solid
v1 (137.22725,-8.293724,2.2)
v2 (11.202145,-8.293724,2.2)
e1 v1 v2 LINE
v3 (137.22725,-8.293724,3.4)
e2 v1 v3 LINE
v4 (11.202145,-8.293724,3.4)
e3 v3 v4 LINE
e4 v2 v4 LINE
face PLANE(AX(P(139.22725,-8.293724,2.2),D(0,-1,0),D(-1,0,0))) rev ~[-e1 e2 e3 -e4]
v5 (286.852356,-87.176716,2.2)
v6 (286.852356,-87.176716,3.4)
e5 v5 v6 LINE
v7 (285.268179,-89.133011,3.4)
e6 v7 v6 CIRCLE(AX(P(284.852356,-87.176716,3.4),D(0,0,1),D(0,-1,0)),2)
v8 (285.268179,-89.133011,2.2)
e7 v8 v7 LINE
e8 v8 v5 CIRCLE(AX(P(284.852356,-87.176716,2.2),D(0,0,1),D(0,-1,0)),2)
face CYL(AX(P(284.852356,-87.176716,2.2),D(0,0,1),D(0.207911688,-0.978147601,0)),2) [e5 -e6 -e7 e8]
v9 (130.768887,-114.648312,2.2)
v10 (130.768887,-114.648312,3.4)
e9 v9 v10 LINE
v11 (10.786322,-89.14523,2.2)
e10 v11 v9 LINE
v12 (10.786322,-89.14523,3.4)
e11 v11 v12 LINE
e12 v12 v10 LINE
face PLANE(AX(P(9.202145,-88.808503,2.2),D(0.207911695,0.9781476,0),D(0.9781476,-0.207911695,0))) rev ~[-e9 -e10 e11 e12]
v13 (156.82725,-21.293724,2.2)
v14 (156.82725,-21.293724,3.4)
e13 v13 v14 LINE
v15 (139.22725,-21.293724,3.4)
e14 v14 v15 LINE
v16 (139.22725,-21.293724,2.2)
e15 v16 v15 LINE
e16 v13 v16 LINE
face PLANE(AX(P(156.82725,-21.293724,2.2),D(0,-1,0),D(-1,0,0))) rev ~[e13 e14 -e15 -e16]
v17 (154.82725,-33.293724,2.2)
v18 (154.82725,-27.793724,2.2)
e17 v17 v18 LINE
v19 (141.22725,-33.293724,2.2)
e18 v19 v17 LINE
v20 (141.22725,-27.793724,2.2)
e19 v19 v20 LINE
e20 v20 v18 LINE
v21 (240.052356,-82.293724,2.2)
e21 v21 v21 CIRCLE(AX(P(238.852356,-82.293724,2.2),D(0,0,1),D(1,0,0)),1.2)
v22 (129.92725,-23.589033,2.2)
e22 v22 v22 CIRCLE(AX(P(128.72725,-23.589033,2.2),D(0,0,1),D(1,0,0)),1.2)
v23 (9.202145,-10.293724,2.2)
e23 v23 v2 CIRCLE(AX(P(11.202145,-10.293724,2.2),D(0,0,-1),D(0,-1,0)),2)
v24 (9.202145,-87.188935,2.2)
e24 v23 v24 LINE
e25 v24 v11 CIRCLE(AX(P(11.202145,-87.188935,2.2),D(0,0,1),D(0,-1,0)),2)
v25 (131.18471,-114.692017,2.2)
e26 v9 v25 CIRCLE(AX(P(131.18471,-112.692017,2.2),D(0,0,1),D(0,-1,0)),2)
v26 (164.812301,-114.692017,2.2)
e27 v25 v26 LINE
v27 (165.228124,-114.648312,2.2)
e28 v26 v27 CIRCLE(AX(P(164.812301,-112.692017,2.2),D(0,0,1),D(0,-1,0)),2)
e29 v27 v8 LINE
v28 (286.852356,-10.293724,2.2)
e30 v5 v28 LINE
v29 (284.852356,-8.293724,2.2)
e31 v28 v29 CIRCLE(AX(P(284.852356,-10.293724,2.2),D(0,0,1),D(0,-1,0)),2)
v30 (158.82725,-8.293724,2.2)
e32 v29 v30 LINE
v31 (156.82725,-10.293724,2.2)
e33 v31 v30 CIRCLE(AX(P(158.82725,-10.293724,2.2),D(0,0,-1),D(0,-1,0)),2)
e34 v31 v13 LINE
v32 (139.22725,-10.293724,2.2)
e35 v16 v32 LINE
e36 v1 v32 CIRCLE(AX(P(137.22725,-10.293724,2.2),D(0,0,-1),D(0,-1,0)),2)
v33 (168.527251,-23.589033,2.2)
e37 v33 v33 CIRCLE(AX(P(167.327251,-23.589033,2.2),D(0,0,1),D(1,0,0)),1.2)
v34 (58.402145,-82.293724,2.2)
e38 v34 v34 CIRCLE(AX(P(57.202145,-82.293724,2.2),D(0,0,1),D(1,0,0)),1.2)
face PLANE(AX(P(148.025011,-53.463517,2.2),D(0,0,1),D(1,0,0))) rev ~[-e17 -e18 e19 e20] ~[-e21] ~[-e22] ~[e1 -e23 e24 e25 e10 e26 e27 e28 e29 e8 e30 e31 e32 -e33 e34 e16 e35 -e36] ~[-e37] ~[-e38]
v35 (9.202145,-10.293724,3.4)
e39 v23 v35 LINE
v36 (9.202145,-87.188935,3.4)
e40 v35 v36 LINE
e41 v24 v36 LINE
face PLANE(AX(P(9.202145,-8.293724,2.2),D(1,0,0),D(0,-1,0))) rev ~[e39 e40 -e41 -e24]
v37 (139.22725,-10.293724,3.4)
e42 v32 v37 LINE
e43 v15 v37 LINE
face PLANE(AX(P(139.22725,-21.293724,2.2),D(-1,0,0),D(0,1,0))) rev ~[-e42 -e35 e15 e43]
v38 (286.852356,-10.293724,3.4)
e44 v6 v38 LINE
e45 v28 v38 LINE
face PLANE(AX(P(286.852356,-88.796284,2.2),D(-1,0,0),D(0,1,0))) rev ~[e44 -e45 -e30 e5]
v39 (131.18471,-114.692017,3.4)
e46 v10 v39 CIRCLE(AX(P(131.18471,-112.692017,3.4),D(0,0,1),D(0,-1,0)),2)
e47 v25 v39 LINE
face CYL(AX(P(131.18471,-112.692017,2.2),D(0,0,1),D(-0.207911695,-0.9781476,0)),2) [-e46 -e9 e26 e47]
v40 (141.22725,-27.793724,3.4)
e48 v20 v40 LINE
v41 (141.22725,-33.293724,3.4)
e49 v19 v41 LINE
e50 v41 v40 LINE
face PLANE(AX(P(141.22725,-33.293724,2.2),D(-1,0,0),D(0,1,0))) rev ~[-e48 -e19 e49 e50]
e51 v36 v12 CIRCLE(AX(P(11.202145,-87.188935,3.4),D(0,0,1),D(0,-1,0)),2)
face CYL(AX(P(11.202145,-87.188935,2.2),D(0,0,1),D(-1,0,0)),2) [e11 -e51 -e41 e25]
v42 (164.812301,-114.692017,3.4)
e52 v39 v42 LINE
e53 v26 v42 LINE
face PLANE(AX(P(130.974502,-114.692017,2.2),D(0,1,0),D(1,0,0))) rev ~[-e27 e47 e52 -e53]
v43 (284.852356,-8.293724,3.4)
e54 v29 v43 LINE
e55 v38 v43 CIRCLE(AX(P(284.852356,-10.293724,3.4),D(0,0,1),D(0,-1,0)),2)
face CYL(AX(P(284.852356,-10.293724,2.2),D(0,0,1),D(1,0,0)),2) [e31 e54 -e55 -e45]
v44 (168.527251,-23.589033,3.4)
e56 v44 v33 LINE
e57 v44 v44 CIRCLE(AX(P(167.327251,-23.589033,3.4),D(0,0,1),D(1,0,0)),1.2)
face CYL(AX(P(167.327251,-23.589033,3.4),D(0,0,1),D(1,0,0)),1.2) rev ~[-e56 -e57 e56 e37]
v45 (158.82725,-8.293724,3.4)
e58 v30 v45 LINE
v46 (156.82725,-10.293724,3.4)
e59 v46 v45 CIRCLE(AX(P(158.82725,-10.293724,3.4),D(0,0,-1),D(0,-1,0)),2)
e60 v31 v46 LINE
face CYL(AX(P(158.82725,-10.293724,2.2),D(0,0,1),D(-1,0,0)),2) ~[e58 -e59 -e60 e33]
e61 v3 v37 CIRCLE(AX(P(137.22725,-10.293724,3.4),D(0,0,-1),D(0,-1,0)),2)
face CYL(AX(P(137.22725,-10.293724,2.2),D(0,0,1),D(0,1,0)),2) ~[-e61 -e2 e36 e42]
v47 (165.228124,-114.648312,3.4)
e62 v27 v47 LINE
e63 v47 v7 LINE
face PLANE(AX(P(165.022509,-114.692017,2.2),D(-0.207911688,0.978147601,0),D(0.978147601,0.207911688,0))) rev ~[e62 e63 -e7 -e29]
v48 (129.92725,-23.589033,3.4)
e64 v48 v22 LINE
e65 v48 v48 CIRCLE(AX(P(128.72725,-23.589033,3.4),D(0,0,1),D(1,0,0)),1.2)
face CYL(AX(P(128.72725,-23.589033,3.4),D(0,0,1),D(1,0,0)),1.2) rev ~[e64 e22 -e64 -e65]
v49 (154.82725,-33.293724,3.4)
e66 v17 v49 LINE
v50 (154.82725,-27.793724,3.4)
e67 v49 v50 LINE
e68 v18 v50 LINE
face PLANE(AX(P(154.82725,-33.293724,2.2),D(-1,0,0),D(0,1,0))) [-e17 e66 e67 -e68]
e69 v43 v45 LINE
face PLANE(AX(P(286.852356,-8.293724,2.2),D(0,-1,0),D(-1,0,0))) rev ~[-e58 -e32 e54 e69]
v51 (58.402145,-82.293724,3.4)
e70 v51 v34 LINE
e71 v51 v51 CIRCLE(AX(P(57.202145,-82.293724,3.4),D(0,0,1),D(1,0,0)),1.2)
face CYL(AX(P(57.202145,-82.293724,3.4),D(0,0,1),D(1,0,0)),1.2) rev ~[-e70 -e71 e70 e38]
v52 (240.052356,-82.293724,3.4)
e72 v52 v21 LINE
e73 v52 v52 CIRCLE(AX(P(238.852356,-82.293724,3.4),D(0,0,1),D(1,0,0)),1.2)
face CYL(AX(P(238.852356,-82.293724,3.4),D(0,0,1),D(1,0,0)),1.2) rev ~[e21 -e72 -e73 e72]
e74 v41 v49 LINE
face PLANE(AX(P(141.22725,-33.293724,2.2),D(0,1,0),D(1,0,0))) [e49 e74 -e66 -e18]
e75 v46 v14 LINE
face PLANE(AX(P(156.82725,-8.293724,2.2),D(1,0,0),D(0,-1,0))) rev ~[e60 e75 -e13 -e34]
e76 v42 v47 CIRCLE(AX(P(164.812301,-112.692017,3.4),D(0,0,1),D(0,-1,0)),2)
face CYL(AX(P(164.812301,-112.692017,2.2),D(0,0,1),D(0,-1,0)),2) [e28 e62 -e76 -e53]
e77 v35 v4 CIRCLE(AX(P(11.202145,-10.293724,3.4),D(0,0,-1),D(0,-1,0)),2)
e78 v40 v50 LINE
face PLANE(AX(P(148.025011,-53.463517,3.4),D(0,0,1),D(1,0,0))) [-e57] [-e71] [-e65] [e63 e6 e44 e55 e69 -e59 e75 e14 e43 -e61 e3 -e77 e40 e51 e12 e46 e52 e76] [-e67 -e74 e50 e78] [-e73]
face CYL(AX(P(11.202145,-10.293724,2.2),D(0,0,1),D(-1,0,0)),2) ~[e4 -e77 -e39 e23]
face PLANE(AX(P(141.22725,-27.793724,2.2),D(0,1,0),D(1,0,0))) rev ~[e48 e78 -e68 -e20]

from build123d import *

# Parameters (mm, degrees)
SKETCH006_W     = 13.6
SKETCH006_H     = 5.5
PAD001_DEPTH    = 1.2
FILLET001_R     = 2
SKETCH011_R     = 1.2
POCKET001_DEPTH = 1.2


with BuildPart() as part:
    # Sketch006 (on DatumPlane) → Pad001 (new body)
    with BuildSketch(Plane.XY.offset(2.2)):
        Polygon((9.202145, -8.293724), (9.202145, -88.808503), (130.974502, -114.692017), (165.022509, -114.692017), (286.852356, -88.796284), (286.852356, -8.293724), (156.82725, -8.293724), (156.82725, -21.293724), (139.22725, -21.293724), (139.22725, -8.293724), align=None)
        with Locations((148.02725, -30.543724)):
            Rectangle(SKETCH006_W, SKETCH006_H, mode=Mode.SUBTRACT)
    extrude(amount=PAD001_DEPTH)

    # Fillet001
    fillet001_edges = [part.edges().sort_by_distance(p)[0] for p in [
        (9.202145, -8.293724, 2.8),
        (9.202145, -88.808503, 2.8),
        (156.82725, -8.293724, 2.8),
        (139.22725, -8.293724, 2.8),
        (286.852356, -8.293724, 2.8),
        (130.974502, -114.692017, 2.8),
        (165.022509, -114.692017, 2.8),
        (286.852356, -88.796284, 2.8),
    ]]
    fillet(fillet001_edges, radius=FILLET001_R)

    # Sketch011 (on Face5 of Fillet001) → Pocket001 (cut)
    with BuildSketch(Plane.XY.offset(3.4)):
        with Locations((128.72725, -23.589033)):
            Circle(SKETCH011_R)
        with Locations((167.327251, -23.589033)):
            Circle(SKETCH011_R)
        with Locations((238.852356, -82.293724)):
            Circle(SKETCH011_R)
        with Locations((57.202145, -82.293724)):
            Circle(SKETCH011_R)
    extrude(amount=-POCKET001_DEPTH, mode=Mode.SUBTRACT)


solid = part.part
